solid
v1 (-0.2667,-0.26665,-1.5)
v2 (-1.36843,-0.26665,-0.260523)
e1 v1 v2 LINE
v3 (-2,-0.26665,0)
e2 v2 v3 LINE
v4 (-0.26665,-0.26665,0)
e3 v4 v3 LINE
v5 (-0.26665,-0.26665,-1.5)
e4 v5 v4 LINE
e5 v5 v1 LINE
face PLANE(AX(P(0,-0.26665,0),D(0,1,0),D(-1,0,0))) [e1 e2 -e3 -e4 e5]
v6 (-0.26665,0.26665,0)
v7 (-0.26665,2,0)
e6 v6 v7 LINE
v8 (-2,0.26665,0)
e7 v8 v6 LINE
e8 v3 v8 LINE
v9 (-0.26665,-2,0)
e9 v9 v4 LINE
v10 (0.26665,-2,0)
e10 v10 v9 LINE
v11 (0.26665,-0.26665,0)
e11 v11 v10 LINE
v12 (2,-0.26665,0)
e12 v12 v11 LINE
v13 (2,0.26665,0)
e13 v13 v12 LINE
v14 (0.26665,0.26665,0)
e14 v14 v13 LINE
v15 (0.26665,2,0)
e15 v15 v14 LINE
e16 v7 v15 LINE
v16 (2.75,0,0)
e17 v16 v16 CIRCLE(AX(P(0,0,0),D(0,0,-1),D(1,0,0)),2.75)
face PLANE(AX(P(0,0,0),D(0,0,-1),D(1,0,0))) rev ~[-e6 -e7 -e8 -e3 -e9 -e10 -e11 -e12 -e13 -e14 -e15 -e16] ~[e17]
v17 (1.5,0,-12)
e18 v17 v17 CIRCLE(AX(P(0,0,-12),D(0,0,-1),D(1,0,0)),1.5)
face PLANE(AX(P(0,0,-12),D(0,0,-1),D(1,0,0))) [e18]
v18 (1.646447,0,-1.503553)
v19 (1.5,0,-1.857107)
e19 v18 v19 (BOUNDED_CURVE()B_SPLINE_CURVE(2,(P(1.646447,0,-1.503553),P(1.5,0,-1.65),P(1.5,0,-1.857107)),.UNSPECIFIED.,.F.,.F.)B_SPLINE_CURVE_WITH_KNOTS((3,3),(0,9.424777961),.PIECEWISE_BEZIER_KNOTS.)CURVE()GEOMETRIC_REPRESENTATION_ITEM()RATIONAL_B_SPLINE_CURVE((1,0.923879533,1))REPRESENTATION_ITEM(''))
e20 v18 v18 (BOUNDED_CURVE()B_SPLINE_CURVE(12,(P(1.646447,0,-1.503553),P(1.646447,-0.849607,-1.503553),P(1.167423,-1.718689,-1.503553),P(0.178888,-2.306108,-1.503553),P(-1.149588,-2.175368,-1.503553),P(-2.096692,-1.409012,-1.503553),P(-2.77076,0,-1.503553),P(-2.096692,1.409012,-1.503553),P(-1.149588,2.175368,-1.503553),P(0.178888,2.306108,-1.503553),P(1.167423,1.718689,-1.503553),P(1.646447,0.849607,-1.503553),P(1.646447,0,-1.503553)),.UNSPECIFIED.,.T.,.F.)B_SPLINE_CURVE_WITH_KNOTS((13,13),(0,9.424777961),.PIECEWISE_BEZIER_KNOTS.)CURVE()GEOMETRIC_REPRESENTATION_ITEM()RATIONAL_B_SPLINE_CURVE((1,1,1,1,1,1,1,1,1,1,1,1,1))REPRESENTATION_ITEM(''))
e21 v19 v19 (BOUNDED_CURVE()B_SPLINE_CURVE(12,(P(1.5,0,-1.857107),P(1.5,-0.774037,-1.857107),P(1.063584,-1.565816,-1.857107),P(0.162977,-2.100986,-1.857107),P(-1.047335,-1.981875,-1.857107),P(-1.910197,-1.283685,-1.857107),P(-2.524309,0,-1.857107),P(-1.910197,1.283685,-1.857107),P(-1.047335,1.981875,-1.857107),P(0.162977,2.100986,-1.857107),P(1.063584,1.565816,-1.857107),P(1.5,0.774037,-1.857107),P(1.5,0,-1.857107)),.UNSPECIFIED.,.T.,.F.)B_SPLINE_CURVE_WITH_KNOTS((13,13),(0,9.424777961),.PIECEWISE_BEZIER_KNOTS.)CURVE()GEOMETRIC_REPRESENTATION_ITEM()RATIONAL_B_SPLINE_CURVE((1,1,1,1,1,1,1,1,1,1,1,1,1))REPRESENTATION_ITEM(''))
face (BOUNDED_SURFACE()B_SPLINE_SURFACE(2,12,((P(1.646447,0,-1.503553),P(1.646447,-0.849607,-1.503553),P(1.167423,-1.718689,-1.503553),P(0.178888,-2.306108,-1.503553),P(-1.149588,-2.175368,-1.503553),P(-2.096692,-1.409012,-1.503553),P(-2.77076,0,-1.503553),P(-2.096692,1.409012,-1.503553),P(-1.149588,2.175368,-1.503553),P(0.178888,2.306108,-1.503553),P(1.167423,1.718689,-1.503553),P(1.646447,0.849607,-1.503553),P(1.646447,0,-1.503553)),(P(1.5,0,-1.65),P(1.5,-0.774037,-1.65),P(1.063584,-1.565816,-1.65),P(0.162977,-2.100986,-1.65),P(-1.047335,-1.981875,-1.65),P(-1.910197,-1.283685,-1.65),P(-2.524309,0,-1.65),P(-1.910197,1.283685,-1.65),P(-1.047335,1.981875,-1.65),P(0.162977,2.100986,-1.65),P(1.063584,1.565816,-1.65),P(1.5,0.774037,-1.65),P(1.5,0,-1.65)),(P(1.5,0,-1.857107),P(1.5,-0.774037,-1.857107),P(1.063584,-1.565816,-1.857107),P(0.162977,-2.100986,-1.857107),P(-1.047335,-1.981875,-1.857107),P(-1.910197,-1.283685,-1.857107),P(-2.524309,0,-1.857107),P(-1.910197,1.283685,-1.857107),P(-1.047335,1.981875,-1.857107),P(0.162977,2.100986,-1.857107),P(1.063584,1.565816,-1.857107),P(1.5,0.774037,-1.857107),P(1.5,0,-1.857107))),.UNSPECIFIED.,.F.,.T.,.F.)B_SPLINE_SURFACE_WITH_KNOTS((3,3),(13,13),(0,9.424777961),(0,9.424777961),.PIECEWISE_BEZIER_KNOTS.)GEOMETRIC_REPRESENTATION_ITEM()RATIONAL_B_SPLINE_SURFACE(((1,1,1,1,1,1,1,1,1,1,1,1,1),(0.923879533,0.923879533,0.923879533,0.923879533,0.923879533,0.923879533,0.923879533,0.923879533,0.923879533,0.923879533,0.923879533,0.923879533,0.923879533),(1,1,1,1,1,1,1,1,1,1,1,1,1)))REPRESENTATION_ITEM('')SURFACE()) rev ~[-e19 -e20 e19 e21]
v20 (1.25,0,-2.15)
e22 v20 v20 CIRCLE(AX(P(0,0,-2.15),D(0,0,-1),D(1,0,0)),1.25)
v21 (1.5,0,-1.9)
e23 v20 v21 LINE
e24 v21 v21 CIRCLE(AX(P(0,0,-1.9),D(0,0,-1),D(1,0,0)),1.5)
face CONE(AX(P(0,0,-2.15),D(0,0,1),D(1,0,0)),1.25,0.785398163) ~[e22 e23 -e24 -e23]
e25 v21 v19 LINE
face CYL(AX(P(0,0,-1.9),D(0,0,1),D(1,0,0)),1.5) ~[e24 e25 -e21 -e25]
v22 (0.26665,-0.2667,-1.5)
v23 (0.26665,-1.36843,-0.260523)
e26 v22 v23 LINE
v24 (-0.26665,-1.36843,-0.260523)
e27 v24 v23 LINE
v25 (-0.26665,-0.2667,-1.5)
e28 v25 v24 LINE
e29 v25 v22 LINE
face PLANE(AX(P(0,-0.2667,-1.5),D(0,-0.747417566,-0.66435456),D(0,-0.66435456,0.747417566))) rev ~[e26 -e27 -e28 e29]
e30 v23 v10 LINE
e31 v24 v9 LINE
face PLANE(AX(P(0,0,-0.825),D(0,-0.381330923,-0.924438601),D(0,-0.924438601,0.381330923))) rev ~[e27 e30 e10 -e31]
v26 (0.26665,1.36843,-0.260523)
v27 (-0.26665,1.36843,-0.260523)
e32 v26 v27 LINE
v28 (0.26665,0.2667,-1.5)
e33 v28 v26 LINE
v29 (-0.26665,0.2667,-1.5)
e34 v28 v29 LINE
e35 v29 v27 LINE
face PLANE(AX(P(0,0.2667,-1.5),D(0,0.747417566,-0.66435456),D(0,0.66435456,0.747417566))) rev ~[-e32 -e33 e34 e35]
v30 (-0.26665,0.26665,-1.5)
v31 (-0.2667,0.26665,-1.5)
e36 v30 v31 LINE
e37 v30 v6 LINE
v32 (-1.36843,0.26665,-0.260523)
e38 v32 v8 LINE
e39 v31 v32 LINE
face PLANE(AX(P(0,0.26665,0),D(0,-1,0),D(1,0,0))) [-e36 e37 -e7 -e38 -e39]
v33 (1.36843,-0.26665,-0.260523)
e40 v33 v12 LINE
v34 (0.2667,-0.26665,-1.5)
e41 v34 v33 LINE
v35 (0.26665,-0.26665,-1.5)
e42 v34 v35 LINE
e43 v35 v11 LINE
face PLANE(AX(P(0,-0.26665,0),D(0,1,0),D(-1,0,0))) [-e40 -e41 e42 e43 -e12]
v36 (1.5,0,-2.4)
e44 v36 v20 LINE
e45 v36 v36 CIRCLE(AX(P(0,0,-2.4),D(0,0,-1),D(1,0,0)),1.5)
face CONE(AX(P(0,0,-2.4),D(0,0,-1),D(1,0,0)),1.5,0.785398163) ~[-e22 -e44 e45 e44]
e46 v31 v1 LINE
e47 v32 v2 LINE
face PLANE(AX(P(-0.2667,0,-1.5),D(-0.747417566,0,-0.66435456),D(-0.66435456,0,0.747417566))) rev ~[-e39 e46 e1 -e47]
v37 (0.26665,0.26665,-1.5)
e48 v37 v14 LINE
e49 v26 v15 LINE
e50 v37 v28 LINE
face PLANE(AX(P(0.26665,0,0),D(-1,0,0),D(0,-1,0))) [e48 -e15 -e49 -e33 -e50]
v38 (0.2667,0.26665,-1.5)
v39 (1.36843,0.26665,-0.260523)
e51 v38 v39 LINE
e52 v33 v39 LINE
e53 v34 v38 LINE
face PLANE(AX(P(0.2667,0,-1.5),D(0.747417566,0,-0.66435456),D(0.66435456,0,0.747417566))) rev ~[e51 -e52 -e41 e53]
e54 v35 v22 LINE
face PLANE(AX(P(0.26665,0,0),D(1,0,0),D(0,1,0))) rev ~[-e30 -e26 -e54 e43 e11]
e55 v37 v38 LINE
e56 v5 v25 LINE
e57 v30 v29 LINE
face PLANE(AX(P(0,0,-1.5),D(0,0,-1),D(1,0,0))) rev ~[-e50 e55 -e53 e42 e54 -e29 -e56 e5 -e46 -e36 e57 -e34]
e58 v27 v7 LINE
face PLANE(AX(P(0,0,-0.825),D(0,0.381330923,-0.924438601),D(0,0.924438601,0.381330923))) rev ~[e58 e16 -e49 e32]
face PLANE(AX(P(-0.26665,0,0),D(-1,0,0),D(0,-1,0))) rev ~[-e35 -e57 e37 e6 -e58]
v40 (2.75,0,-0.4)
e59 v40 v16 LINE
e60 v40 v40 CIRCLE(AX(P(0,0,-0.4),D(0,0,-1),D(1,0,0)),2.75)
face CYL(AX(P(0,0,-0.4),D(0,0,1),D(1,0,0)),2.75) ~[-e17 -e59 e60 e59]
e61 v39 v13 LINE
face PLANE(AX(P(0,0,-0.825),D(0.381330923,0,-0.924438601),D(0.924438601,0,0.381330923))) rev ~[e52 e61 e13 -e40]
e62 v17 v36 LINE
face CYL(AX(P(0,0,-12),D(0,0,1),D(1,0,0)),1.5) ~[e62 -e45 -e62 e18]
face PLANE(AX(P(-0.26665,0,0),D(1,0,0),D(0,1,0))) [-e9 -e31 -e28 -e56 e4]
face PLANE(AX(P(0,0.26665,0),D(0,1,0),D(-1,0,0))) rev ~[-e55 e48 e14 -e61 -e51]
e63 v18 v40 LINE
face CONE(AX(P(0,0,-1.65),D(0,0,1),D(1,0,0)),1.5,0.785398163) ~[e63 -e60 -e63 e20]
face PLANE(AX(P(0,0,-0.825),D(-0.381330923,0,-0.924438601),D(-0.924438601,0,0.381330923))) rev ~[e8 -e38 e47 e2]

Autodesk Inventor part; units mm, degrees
ref_plane "YZ Plane" through (0, 0, 0) normal (1, 0, 0) x (0, 1, 0)
sketch "Esquisse1" plane through (0, 0, 0) normal (0, 1, 0) x (-1, 0, 0)
  point P0 (0, 0)
sketch "Esquisse2" plane through (0, 0, 0) normal (0, 0, 1) x (1, 0, 0)
  point P0 (0, 0)
sketch "Esquisse3" plane through (0, 0, 0) normal (0, 0, 1) x (1, 0, 0)
  point P0 (0, 0)
sketch "Esquisse4" plane through (0, 0, 0) normal (0, 1, 0) x (-1, 0, 0)
  line L0 (-2.75, 0) -> (0, 0)
  line L1 (-2.75, -0.4) -> (-2.75, 0)
  line L2 (-1.5, -1.65) -> (-2.75, -0.4)
  line L3 (-1.5, -1.9) -> (-1.5, -1.65)
  line L4 (-1.25, -2.15) -> (-1.5, -1.9)
  line L5 (-1.5, -2.4) -> (-1.25, -2.15)
  line L6 (-1.5, -12) -> (-1.5, -2.4)
  line L7 (0, 0) -> (0, -12)
  line L8 (0, 3.3392) -> (0, -10.7) construction
  line L9 (0, 3.3392) -> (0, -10.7)
  line L10 (0, -15.0678) -> (0, 6.4071) projected
  line L11 (-1.5, -12) -> (0, -12)
  line L12 (0.55, 0) -> (-3.3, 0) projected
  dimension "d3" = 2.75
  dimension "d5" = 0.25
  dimension "d7" = 0.25
  dimension "d9" = 0.25
  dimension "d11" = 1.65
  dimension "d13" = 135
  dimension "d17" = 1.25
  dimension "d19" = 0
  dimension "d51" = 1.5
  dimension "d52" = 12
revolve "Révolution1" add sketch "Esquisse4" angle 360 about axis through (0, 0, 3.3392) along (0, 0, -1)
sketch "Esquisse5" plane through (0, 0, 0) normal (0, 1, 0) x (-1, 0, 0)
  line L0 (-1.6, 0) -> (0, 0)
  line L1 (-0.2667, -1.5) -> (-1.6, 0)
  line L2 (0, -1.5) -> (-0.2667, -1.5)
  line L3 (0, 0) -> (0, -1.5)
  line L4 (-1.5, -1.65) -> (1.5, -1.65) construction
  line L5 (-2.75, 0) -> (2.75, 0) projected
  line L6 (0, -1.98) -> (0, 0.33) projected
  dimension "d22" = 1.6
  dimension "d24" = 0.2667
  dimension "d26" = 1.5
extrude "Extrusion1" cut sketch "Esquisse5" along normal mid plane 0.5333
pattern_circular "RéseauPolaire1" count 4 over 360 about axis through (0, 0, 0) along (0, 0, 1) of "Extrusion1"
sketch "Esquisse7" plane through (0, 0, 0) normal (0, 1, 0) x (-1, 0, 0)
  line L0 (0, -0.825) -> (-2, 0)
  line L1 (0, 0) -> (0, -0.825)
  line L2 (-2, 0) -> (0, 0)
  line L3 (-1.5, -1.65) -> (1.5, -1.65) construction
  line L4 (0, -1.98) -> (0, 0.33) projected
  line L5 (-2.75, 0) -> (2.75, 0) projected
  dimension "d33" = 2
  dimension "d35" = 0.825
extrude "Extrusion2" cut sketch "Esquisse7" along normal mid plane 0.5333
pattern_circular "RéseauPolaire2" count 4 over 360 about axis through (0, 0, 0) along (0, 0, 1) of "Extrusion2"
fillet "Congé1" radius 0.5 1 edges at (-1.5, 0, -1.65)
thread "Filetage1" size "M3x0.5" class "6g" standard "ISO Metric profile" full length
ref_plane "MSC_PF1" through (0, 0, 0) normal (1, 0, 0) x (0, 1, 0)
ref_plane "MSC_PT1" through (0, 0, 0) normal (0, 0, -1) x (-1, 0, 0)
equation "\"d3\" = 0.5 * Dh"
equation "\"d5\" = msp_x"
equation "\"d7\" = ParA"
equation "\"d9\" = msp_x"
equation "\"d11\" = ParK"
equation "\"d17\" = 0.5 * msp_mdtds"
equation "\"d51\" = 0.5 * NND"
equation "\"d52\" = NLG"
equation "\"d22\" = 0.5 * M"
equation "\"d24\" = 0.0833333 * M"
equation "\"d26\" = 0.909091 * ParK"
equation "\"d27\" = 0.166667 * M"
equation "\"d33\" = 0.625 * M"
equation "\"d35\" = 0.5 * ParK"
equation "\"d36\" = 0.166667 * M"
equation "\"d41\" = 2 * msp_x"
equation "\"PTC\" = 0.5"
equation "\"NLG\" = 12"
equation "\"ParK\" = 1.65"
equation "\"NND\" = 3"
equation "\"M\" = 3.2"
equation "\"msp_mdtds\" = NND - PTC"
equation "\"Dh\" = 5.5"
equation "\"msp_x\" = 0.5 * PTC"
equation "\"ParA\" = 0.5 * PTC"
equation "\"r\" = 0.8"
equation "\"THREADDIA\" = NND"
equation "\"TEMPLATE\" = 1.2345"
properties part number "NF EN ISO 7046-2 H - M3x12 - 8.8 - H1" material "Acier inoxydable 440C"
